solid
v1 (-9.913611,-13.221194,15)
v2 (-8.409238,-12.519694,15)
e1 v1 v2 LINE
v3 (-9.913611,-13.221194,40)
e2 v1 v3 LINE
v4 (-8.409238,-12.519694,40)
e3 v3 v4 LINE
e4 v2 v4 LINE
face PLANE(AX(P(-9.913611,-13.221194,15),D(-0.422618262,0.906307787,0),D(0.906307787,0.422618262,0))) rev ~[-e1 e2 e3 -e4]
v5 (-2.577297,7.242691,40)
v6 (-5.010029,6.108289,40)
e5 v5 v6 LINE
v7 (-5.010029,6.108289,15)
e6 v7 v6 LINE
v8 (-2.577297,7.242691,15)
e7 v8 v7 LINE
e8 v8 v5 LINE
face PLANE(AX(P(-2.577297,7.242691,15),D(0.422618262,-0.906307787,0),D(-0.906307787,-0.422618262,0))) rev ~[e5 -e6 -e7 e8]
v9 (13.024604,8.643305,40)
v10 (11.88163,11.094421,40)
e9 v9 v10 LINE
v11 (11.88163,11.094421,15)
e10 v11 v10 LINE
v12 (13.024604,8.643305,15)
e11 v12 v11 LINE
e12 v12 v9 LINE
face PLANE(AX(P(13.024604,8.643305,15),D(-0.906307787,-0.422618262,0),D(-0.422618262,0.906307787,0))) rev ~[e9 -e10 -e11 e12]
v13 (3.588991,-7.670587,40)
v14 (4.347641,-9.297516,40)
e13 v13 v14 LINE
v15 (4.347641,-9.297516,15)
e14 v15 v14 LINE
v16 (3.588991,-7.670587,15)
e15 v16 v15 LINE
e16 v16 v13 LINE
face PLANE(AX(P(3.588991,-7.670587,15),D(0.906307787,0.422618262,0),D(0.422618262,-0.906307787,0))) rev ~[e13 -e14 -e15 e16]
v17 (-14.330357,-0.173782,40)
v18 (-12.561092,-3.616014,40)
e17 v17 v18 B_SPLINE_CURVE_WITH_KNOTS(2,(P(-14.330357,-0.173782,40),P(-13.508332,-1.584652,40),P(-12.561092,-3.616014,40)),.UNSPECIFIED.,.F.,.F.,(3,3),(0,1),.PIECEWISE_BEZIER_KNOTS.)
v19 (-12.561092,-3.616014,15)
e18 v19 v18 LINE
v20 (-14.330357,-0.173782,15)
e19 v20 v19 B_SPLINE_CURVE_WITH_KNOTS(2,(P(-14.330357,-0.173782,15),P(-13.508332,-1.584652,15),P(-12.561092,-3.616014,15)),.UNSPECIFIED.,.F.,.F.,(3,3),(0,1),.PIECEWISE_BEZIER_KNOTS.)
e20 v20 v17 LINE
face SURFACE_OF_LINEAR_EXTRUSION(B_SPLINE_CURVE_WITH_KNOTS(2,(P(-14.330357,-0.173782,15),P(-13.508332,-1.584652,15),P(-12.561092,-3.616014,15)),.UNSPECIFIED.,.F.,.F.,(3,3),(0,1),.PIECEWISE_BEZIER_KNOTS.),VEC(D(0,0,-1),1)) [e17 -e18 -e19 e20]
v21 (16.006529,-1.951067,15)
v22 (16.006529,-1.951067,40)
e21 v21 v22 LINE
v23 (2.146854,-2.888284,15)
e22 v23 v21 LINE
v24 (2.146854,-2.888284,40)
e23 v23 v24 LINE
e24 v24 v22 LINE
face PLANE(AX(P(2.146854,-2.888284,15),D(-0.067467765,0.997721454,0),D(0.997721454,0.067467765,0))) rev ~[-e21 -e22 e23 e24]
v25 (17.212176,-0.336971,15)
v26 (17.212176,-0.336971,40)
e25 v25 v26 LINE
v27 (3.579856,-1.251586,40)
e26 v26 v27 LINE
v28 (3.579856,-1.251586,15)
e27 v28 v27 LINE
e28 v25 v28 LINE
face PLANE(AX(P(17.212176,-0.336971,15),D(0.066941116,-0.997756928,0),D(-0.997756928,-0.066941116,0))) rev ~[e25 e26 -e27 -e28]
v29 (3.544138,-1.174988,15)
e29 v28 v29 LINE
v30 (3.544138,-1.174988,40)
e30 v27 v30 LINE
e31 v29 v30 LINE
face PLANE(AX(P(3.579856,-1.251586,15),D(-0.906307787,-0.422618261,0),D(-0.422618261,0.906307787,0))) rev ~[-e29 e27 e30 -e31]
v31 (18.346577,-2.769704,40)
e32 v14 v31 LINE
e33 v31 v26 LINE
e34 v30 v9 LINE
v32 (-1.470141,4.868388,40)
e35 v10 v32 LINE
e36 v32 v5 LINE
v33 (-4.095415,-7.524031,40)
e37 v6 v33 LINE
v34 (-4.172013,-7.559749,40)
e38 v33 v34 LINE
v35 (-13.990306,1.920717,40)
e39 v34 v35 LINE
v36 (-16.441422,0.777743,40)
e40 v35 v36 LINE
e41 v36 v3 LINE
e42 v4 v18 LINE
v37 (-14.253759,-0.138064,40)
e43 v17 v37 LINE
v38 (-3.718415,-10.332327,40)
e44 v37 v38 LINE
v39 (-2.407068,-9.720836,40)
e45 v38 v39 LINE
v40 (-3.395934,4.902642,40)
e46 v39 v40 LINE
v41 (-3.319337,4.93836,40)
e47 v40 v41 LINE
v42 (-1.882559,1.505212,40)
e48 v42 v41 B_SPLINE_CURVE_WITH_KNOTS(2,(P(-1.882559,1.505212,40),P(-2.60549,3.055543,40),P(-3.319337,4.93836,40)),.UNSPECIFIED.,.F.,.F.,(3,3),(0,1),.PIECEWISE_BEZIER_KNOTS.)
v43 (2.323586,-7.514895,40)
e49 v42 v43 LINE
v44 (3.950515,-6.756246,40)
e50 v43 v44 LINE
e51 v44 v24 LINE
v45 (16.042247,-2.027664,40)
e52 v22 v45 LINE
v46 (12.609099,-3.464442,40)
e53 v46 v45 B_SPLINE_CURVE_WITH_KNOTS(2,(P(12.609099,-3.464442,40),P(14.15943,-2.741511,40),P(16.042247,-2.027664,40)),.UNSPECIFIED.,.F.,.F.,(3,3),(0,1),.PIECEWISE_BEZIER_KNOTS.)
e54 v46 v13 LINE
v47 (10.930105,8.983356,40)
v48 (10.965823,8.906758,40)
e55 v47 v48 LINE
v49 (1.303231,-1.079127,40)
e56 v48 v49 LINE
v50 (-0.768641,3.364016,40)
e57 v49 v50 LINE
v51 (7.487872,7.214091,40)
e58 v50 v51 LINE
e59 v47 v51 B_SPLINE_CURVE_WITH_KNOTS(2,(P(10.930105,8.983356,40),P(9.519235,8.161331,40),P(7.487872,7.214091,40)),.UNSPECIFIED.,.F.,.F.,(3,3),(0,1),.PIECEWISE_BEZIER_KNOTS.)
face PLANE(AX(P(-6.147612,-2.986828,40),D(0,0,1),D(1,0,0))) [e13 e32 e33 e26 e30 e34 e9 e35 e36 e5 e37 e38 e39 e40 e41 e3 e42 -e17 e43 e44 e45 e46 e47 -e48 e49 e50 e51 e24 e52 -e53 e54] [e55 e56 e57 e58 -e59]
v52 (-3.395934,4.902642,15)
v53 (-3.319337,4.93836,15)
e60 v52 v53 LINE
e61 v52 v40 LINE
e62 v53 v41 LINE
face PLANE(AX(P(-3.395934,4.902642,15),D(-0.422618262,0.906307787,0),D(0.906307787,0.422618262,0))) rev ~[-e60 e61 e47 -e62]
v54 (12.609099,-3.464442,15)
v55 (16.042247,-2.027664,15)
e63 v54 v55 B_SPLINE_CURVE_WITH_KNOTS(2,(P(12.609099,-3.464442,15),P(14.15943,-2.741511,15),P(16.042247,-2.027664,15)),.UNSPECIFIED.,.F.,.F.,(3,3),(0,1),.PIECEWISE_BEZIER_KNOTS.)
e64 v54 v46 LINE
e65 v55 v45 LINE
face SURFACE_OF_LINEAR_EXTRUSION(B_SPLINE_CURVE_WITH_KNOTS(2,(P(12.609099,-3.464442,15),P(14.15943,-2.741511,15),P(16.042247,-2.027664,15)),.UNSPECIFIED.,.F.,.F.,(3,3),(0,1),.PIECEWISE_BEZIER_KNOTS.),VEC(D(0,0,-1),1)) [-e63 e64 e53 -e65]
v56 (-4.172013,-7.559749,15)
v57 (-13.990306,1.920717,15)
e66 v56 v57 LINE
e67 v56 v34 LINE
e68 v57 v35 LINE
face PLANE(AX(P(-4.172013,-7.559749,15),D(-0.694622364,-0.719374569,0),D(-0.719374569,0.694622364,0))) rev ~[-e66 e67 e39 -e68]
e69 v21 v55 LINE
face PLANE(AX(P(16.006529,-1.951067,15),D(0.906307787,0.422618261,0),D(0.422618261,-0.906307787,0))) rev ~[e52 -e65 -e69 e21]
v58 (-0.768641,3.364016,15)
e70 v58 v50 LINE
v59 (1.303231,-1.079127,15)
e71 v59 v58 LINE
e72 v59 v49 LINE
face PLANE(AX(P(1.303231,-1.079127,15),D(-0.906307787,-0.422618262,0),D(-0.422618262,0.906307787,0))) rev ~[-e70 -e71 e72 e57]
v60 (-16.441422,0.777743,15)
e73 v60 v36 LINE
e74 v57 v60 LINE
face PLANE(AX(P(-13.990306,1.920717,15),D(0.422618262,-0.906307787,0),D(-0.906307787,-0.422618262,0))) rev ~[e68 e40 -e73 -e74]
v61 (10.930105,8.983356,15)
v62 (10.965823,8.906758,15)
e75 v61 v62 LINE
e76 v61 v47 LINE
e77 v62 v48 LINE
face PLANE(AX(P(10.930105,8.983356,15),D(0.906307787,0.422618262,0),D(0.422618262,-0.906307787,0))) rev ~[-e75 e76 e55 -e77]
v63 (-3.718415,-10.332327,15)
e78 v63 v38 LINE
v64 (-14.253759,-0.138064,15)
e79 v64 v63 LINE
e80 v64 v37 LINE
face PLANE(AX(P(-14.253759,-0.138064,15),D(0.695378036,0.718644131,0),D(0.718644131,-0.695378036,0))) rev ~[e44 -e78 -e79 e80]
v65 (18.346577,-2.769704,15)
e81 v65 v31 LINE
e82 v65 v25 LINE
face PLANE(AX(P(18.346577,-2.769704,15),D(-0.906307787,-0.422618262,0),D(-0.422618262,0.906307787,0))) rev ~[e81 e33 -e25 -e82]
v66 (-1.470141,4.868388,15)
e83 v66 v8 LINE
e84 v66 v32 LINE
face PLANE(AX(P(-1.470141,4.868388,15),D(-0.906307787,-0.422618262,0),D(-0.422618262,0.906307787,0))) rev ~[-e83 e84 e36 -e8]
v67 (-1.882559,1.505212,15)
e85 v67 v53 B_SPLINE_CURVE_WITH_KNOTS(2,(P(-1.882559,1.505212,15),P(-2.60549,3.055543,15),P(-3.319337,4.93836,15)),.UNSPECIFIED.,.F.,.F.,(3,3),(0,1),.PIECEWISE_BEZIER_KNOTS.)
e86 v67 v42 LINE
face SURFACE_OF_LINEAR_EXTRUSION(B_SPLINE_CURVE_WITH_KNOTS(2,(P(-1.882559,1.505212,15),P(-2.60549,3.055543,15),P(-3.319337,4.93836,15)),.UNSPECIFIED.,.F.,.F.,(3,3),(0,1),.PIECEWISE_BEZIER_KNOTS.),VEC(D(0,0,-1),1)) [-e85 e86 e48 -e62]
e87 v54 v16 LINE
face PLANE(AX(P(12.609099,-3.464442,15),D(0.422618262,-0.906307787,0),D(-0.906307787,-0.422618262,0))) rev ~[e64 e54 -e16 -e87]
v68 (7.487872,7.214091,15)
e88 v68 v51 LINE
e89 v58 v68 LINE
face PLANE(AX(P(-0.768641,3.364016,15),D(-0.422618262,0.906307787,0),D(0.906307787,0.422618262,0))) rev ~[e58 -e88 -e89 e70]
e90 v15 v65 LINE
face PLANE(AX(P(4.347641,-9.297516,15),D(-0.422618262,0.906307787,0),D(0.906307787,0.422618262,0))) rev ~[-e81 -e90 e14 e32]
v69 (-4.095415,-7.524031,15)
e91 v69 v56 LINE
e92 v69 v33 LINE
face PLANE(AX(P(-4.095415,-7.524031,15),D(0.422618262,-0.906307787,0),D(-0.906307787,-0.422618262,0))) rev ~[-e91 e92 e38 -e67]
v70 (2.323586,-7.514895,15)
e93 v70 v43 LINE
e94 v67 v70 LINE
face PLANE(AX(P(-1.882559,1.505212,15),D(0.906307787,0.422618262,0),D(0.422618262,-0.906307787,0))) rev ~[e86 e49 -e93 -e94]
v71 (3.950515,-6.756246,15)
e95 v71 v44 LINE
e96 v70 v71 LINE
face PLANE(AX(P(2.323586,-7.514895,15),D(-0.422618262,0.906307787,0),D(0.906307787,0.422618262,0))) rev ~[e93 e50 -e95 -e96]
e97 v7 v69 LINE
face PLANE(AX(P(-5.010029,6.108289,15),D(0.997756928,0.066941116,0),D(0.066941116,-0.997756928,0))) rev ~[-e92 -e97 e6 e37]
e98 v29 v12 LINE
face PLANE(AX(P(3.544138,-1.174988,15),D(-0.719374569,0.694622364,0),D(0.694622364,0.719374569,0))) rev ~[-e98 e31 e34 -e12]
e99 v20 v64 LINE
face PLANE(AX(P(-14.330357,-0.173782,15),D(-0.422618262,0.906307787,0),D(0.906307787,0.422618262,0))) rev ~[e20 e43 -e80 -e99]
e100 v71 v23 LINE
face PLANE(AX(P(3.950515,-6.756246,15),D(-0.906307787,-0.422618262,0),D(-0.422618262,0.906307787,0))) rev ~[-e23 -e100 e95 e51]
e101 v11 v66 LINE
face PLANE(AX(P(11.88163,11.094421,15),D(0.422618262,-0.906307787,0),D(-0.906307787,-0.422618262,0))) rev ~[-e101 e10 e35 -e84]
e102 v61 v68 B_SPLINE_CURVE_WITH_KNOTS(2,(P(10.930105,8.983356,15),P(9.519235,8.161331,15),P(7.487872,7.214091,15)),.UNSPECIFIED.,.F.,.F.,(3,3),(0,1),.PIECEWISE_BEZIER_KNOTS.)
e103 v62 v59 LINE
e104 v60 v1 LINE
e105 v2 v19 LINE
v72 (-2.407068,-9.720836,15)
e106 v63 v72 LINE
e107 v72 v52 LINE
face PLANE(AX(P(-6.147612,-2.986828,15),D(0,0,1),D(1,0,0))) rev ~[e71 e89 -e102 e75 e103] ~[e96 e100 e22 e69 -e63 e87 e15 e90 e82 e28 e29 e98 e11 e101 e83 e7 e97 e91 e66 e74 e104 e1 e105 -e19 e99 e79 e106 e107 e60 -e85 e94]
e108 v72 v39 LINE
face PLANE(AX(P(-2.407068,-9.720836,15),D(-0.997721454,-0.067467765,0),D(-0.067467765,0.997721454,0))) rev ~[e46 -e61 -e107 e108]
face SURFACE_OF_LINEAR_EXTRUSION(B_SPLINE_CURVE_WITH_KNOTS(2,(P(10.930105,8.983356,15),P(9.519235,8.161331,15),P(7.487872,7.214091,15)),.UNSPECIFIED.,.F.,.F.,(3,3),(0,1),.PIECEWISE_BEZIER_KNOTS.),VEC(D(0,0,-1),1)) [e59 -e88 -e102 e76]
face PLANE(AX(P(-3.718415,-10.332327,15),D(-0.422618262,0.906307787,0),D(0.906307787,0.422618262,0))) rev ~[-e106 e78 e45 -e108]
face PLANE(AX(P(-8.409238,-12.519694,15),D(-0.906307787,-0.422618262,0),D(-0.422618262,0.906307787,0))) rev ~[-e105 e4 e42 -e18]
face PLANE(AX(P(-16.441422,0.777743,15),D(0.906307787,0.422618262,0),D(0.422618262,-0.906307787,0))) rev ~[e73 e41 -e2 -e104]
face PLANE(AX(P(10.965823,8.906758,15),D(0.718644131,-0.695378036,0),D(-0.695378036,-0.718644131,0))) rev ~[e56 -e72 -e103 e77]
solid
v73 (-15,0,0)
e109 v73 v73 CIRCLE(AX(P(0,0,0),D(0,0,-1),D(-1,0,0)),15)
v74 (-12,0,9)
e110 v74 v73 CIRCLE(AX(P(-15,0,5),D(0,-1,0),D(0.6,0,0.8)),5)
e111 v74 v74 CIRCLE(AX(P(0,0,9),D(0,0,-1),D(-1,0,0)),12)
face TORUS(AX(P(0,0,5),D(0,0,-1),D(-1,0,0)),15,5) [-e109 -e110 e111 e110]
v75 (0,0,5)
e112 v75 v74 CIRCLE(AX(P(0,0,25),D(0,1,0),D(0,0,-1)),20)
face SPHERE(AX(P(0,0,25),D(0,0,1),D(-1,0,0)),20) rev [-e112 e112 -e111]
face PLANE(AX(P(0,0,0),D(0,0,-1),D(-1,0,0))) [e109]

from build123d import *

# Parameters (mm, degrees)
F4_DEPTH = 25


with BuildPart() as f1:
    # F0 (on Front) → F1 (revolve)
    with BuildSketch(Plane.XZ):
        with BuildLine():
            ThreePointArc((0, 5), (-6.3245553203, 6.026334039), (-12, 9))
            ThreePointArc((-12, 9), (-19.7434164903, 6.5811388301), (-15, 0))
            Line((-15, 0), (0, 0))
            Line((0, 0), (0, 5))
        make_face()
    revolve(axis=Axis((0, 0, 2.5), (0, 0, -1)))


with BuildPart() as f4:
    # F3 (on offset) → F4 (new body)
    with BuildSketch(Plane.XY.offset(15)):
        with BuildLine():
            Line((-14.2537592146, -0.138063944), (-3.71841477, -10.3323267397))
            Line((-3.71841477, -10.3323267397), (-2.4070676478, -9.720835534))
            Line((-2.4070676478, -9.720835534), (-3.3959341978, 4.9026423091))
            Line((-3.3959341978, 4.9026423091), (-3.3193368191, 4.9383602534))
            add(Edge.make_bspline(
                [(-1.8825586584, 1.5052120114), (-2.6054898501, 3.0555429551), (-3.3193368191, 4.9383602534)],
                knots=[0, 0, 0, 1, 1, 1], degree=2))
            Line((-1.8825586584, 1.5052120114), (2.3235864569, -7.514895297))
            Line((2.3235864569, -7.514895297), (3.9505147792, -6.756246161))
            Line((3.9505147792, -6.756246161), (2.1468541816, -2.8882835272))
            Line((2.1468541816, -2.8882835272), (1.3830511721, -2.9399332958))
            Line((1.3830511721, -2.9399332958), (0.7715599665, -1.6285861735))
            Line((0.7715599665, -1.6285861735), (1.3032305626, -1.079126838))
            Line((1.3032305626, -1.079126838), (-0.7686408704, 3.3640157885))
            Line((-0.7686408704, 3.3640157885), (-1.4158069396, 3.0622372943))
            Line((-1.4158069396, 3.0622372943), (-2.1173073648, 4.5666098107))
            Line((-2.1173073648, 4.5666098107), (-1.4701412955, 4.8683883049))
            Line((-1.4701412955, 4.8683883049), (-2.5772967126, 7.2426907588))
            Line((-2.5772967126, 7.2426907588), (-5.0100294581, 6.1082888494))
            Line((-5.0100294581, 6.1082888494), (-4.0954151998, -7.5240311807))
            Line((-4.0954151998, -7.5240311807), (-4.1720125784, -7.559749125))
            Line((-4.1720125784, -7.559749125), (-13.9903061296, 1.9207170651))
            Line((-13.9903061296, 1.9207170651), (-16.441422246, 0.777742849))
            Line((-16.441422246, 0.777742849), (-9.9136107543, -13.2211940709))
            Line((-9.9136107543, -13.2211940709), (-8.4092382378, -12.5196936457))
            Line((-8.4092382378, -12.5196936457), (-12.5610920778, -3.6160143529))
            add(Edge.make_bspline(
                [(-14.3303565933, -0.1737818883), (-13.5083319594, -1.5846518714), (-12.5610920778, -3.6160143529)],
                knots=[0, 0, 0, 1, 1, 1], degree=2))
            Line((-14.3303565933, -0.1737818883), (-14.2537592146, -0.138063944))
        make_face()
        Polygon((1.3830511721, -2.9399332958), (2.1468541816, -2.8882835272), (1.3032305626, -1.079126838), (0.7715599665, -1.6285861735), align=None)
        with BuildLine():
            Line((1.3032305626, -1.079126838), (2.1468541816, -2.8882835272))
            Line((2.1468541816, -2.8882835272), (16.0065290153, -1.9510667458))
            Line((16.0065290153, -1.9510667458), (16.0422469595, -2.0276641244))
            add(Edge.make_bspline(
                [(12.6090987176, -3.4644422852), (14.1594296612, -2.7415110935), (16.0422469595, -2.0276641244)],
                knots=[0, 0, 0, 1, 1, 1], degree=2))
            Line((12.6090987176, -3.4644422852), (3.5889914092, -7.6705874005))
            Line((3.5889914092, -7.6705874005), (4.3476405451, -9.2975157227))
            Line((4.3476405451, -9.2975157227), (18.346577465, -2.769704231))
            Line((18.346577465, -2.769704231), (17.2121755555, -0.3369714854))
            Line((17.2121755555, -0.3369714854), (3.5798555254, -1.2515857438))
            Line((3.5798555254, -1.2515857438), (3.5441375812, -1.1749883651))
            Line((3.5441375812, -1.1749883651), (13.0246037712, 8.6433051861))
            Line((13.0246037712, 8.6433051861), (11.8816295551, 11.0944213025))
            Line((11.8816295551, 11.0944213025), (-1.4701412955, 4.8683883049))
            Line((-1.4701412955, 4.8683883049), (-0.7686408704, 3.3640157885))
            Line((-0.7686408704, 3.3640157885), (7.4878723532, 7.2140911343))
            add(Edge.make_bspline(
                [(10.9301048178, 8.9833556497), (9.5192348347, 8.1613310159), (7.4878723532, 7.2140911343)],
                knots=[0, 0, 0, 1, 1, 1], degree=2))
            Line((10.9301048178, 8.9833556497), (10.9658227621, 8.9067582711))
            Line((10.9658227621, 8.9067582711), (1.3032305626, -1.079126838))
        make_face()
        Polygon((-1.4158069396, 3.0622372943), (-0.7686408704, 3.3640157885), (-1.4701412955, 4.8683883049), (-2.1173073648, 4.5666098107), align=None)
    extrude(amount=F4_DEPTH)


solid = Compound([f1.part, f4.part])
